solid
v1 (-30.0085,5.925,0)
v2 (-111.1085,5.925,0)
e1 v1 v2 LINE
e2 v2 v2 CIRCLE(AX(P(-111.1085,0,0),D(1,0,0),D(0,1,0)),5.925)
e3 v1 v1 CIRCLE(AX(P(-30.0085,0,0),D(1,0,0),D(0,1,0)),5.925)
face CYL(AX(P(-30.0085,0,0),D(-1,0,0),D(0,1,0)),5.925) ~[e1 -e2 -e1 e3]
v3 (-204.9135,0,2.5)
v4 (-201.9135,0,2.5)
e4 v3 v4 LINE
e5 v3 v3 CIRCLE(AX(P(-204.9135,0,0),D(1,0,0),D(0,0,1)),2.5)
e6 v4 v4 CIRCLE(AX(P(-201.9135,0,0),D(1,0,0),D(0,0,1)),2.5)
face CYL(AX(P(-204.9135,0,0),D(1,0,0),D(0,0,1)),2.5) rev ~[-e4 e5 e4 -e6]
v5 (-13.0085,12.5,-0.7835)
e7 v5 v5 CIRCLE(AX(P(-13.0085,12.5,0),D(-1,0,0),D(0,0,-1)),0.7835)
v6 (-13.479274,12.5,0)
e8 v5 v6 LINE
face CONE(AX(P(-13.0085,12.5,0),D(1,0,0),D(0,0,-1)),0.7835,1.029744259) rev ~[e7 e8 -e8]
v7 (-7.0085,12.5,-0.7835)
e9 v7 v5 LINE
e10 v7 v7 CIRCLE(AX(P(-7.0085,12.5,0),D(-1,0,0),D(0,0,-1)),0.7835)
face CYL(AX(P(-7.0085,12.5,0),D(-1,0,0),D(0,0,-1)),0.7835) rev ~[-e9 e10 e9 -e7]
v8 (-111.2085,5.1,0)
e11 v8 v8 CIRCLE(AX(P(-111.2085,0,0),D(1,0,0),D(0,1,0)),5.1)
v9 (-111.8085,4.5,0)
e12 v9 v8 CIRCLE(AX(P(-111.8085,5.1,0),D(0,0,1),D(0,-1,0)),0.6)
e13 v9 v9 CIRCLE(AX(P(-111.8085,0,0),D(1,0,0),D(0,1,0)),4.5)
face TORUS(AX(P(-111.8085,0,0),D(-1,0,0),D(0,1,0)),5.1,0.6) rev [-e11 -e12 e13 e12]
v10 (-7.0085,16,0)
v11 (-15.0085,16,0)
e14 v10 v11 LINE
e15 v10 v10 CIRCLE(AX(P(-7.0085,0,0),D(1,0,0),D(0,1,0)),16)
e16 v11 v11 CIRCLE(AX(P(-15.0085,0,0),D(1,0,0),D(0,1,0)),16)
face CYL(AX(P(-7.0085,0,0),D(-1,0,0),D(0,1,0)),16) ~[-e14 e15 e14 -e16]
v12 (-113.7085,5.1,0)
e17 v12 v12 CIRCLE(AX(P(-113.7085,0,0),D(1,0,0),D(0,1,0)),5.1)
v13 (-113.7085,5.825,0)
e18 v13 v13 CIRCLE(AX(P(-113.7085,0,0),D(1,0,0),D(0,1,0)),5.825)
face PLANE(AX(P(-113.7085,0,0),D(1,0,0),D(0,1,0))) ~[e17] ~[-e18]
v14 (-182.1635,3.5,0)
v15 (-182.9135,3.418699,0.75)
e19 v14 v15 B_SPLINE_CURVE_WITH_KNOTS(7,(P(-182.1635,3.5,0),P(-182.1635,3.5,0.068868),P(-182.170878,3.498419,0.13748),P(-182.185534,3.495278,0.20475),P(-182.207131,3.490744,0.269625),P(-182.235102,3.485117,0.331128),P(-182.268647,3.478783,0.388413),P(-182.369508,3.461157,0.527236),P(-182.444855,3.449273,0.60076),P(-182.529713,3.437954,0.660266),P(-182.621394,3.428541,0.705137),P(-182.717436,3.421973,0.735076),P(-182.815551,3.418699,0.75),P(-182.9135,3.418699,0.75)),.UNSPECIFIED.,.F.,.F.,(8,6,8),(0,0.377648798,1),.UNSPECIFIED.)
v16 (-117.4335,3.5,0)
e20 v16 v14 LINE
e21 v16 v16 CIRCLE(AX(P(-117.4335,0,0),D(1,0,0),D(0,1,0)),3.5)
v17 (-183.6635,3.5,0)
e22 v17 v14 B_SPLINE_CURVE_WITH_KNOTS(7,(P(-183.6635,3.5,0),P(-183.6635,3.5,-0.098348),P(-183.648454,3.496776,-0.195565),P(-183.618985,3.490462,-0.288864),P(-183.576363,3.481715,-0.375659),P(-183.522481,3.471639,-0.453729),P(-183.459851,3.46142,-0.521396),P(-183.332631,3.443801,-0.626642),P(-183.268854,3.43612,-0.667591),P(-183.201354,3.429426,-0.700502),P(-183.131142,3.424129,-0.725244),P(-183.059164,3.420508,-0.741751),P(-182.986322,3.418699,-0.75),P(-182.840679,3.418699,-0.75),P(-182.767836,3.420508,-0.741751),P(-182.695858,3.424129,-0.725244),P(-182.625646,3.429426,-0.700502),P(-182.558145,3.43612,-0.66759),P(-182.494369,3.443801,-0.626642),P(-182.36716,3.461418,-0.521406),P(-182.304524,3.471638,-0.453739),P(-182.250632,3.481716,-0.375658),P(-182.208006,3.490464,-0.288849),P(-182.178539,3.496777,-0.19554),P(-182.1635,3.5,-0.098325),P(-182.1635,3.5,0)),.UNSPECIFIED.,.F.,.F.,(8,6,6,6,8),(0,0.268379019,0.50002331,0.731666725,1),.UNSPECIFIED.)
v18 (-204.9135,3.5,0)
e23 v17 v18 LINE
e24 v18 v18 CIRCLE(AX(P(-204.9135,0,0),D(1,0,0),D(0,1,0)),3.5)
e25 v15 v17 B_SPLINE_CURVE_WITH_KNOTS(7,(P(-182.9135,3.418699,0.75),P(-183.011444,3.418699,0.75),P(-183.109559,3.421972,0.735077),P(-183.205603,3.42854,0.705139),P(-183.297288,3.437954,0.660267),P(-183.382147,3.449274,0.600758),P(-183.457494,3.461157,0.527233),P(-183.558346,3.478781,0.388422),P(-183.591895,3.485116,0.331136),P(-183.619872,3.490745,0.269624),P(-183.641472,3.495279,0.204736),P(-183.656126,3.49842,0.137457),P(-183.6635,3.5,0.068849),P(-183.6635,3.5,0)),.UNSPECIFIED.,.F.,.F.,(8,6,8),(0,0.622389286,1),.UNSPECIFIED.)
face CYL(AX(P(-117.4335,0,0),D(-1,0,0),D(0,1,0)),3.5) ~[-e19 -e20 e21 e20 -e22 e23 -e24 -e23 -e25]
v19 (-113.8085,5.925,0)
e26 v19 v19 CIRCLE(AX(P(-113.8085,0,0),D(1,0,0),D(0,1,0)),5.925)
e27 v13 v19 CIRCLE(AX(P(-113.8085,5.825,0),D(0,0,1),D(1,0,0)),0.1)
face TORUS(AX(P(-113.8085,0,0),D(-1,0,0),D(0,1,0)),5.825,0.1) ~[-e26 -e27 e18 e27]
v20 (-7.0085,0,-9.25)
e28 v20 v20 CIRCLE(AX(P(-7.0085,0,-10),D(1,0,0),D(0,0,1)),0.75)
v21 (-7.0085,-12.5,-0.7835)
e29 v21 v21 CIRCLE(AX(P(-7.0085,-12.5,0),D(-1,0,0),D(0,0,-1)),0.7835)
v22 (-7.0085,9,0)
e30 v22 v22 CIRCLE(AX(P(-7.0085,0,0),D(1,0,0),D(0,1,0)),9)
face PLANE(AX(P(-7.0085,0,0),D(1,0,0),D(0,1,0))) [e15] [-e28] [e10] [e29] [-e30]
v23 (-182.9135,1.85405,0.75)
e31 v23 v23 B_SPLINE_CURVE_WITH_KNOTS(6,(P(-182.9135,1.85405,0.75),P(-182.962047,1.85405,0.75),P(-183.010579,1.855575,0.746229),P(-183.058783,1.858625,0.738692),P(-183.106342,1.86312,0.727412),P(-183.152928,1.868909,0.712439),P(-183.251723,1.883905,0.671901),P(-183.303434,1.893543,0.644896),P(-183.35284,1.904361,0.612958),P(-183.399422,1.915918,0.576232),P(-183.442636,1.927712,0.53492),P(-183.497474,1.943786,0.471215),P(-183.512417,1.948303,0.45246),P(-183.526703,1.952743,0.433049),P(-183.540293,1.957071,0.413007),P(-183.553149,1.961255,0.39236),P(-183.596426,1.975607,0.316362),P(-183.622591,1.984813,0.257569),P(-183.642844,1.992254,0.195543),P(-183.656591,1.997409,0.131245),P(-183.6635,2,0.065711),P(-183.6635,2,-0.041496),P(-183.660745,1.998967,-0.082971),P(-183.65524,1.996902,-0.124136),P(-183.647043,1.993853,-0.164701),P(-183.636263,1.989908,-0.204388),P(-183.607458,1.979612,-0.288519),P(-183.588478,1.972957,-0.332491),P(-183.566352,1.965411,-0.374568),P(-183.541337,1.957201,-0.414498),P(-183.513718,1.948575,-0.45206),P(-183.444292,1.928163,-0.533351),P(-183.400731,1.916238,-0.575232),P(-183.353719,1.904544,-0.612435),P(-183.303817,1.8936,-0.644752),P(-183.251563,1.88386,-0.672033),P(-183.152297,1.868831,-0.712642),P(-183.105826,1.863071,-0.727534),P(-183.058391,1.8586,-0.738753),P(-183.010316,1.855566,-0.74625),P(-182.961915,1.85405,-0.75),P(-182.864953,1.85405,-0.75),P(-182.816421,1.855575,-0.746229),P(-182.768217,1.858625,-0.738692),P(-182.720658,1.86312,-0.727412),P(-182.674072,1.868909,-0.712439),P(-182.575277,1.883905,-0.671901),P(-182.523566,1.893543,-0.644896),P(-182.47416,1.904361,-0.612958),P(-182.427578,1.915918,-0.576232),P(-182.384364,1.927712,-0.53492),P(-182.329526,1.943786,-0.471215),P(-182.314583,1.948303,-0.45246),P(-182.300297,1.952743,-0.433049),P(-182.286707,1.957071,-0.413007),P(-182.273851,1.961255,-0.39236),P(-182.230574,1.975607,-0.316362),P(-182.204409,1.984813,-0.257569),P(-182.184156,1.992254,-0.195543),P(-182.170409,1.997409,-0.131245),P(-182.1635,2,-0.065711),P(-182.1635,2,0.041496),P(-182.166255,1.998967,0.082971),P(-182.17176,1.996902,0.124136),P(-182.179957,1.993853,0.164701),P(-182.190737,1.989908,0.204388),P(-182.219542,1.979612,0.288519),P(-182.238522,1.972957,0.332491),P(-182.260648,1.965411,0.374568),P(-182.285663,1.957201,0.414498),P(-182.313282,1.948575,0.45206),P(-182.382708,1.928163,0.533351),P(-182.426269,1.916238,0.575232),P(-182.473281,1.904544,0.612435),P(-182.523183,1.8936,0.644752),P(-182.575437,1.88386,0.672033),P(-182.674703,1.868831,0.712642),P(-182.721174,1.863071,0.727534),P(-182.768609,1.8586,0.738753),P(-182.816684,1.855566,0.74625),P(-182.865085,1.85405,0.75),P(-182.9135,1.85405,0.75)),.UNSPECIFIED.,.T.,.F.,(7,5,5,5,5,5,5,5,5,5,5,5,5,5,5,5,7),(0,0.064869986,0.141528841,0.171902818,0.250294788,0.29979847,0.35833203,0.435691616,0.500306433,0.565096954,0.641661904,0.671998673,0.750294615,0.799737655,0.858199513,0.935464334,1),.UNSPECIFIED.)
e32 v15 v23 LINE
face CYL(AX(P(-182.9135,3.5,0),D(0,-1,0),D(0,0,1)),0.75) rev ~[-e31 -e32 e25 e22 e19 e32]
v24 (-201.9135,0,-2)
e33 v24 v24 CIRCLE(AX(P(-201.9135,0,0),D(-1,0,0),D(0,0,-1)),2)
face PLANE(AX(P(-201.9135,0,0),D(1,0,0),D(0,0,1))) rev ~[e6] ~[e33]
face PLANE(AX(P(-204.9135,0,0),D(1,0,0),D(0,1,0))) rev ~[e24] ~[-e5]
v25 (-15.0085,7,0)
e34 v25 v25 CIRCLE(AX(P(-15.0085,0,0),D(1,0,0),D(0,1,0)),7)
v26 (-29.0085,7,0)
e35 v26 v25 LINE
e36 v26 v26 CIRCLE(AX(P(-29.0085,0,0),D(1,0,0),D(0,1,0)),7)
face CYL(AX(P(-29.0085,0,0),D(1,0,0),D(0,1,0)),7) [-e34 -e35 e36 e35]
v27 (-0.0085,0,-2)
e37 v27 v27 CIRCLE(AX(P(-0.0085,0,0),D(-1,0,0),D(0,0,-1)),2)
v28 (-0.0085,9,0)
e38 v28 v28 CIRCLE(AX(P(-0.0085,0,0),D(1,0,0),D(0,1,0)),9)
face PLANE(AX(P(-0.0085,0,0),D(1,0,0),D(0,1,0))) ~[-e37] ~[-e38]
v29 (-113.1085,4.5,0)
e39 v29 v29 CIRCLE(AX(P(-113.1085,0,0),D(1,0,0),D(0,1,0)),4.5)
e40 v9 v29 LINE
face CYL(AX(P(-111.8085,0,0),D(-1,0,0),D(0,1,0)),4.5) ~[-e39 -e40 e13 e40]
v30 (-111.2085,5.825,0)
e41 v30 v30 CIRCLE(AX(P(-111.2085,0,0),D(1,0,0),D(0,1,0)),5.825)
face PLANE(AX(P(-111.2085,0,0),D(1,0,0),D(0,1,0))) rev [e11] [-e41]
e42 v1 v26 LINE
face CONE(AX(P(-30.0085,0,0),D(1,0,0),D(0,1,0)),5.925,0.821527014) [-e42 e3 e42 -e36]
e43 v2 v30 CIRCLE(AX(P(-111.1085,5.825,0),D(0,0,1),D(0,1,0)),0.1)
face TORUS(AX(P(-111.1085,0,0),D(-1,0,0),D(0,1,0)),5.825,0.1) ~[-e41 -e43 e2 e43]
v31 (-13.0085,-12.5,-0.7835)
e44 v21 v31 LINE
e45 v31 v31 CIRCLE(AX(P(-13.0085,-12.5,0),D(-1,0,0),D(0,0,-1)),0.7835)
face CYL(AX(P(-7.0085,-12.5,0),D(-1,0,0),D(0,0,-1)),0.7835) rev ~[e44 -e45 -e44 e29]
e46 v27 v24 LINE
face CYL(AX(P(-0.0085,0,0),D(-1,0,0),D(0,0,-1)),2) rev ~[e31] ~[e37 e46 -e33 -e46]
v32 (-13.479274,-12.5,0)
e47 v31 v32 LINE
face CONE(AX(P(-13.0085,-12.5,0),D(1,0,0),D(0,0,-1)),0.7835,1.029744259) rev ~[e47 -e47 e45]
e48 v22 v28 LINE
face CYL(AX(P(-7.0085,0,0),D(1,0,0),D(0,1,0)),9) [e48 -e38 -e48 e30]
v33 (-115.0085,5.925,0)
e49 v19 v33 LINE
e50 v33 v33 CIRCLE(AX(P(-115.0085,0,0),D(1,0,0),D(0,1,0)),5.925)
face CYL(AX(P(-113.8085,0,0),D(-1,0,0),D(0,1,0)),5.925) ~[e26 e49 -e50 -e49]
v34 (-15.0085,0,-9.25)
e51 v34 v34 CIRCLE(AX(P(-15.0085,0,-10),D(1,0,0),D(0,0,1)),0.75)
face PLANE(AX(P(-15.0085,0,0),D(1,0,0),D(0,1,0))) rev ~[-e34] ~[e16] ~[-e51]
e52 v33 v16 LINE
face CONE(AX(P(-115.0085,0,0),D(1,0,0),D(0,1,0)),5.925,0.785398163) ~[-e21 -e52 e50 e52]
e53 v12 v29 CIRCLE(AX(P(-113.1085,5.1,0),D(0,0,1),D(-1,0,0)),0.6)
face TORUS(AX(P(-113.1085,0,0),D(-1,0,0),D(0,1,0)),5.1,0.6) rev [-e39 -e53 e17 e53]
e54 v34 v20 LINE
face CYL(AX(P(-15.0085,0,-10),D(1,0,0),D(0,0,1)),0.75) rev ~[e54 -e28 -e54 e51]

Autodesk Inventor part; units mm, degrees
ref_plane "YZ Plane" through (0, 0, 0) normal (1, 0, 0) x (0, 1, 0)
ref_plane "XZ Plane" through (0, 0, 0) normal (0, 1, 0) x (-1, 0, 0)
ref_plane "XY Plane" through (0, 0, 0) normal (0, 0, 1) x (1, 0, 0)
sketch "Skizze1" plane through (0, 0, 0) normal (0, 0, 1) x (1, 0, 0)
  line L0 (-0.0085, 0) -> (-0.0085, 9)
  line L1 (-7.0085, 16) -> (-15.0085, 16)
  line L2 (-15.0085, 16) -> (-15.0085, 7)
  line L3 (-30.0085, 5.925) -> (-111.1085, 5.925)
  line L4 (-113.8085, 5.925) -> (-115.0085, 5.925)
  line L5 (-115.0085, 5.925) -> (-117.4335, 3.5)
  line L6 (-117.4335, 3.5) -> (-204.9135, 3.5)
  line L7 (-204.9135, 3.5) -> (-204.9135, 0)
  line L8 (-222.883, 3.2454) -> (-222.883, 3.2454)
  line L9 (-222.883, 3.2454) -> (-222.883, 3.2454)
  line L10 (-204.9135, 0) -> (-0.0085, 0)
  line L11 (-111.8085, 4.5) -> (-113.1085, 4.5)
  line L12 (-30.0085, 5.925) -> (-29.0085, 7)
  line L13 (-29.0085, 7) -> (-15.0085, 7)
  line L14 (-113.7085, 5.1) -> (-113.7085, 5.825)
  line L15 (-111.2085, 5.1) -> (-111.2085, 5.825)
  arc A0 (-113.7085, 5.1) -> (-113.1085, 4.5) centre (-113.1085, 5.1) ccw
  arc A1 (-111.8085, 4.5) -> (-111.2085, 5.1) centre (-111.8085, 5.1) ccw
  arc A2 (-111.1085, 5.925) -> (-111.2085, 5.825) centre (-111.1085, 5.825) ccw
  arc A3 (-113.7085, 5.825) -> (-113.8085, 5.925) centre (-113.8085, 5.825) ccw
  line L16 (-7.0085, 16) -> (-7.0085, 9)
  line L17 (-7.0085, 9) -> (-0.0085, 9)
  point P0 (-111.2085, 5.925)
  point P1 (-113.7085, 5.925)
  point P2 (-111.2085, 4.5)
  point P3 (-113.7085, 4.5)
  dimension "d19" = 14
  dimension "d20" = 15
  dimension "d21" = 7
  dimension "d22" = 5.925
  dimension "d23" = 4.5
  dimension "d24" = 3.5
  dimension "d26" = 47.07
  dimension "d27" = 45
  dimension "d33" = 2.5
  dimension "d34" = 1.3
  dimension "d35" = 87.48
  dimension "d44" = 0.6
  dimension "d45" = 0.1
  dimension "d127" = 16
  dimension "d128" = 8
  dimension "d129" = 7
  dimension "d130" = 9
  dimension "d152" = 189.905
  dimension "d153" = 174.905
  dimension "d154" = 111.2
  dimension "d156" = 81.2
  dimension "d157" = 2.425
revolve "Drehung2" add sketch "Skizze1" angle 360 about axis through (-204.9135, 0, 0) along (1, 0, 0)
ref_plane "Arbeitsebene1" through (-161.1735, 3.5, 0) normal (0, 1, 0) x (-1, 0, 0)
sketch "Skizze3" plane through (-161.1735, 3.5, 0) normal (0, 1, 0) x (-1, 0, 0)
  line L0 (-43.74, 3.5) -> (-43.74, -3.5) projected
  line L1 (43.74, 3.5) -> (43.74, -3.5) projected
  line L2 (43.74, 3.5) -> (-43.74, 3.5) projected
  line L3 (43.74, -3.5) -> (-43.74, -3.5) projected
  line L4 (-222.6365, 0) -> (64.2305, 0) projected
  point P0 (21.74, 0)
  dimension "d158" = 65.48
  dimension "d166" = 22
hole "Bohrung1" at (-182.9135, 3.5, 0) direction (0, -1, 0) diameter 1.5 depth 3.5
hole "Bohrung2" at (-0.0085, 0, 0) direction (-1, 0, 0) diameter 4 depth 223
sketch "Skizze4" plane through (-15.0085, 0, 0) normal (-1, 0, 0) x (0, 0, 1)
  circle A0 centre (0, 0) radius 16 projected
  circle A1 centre (0, 0) radius 16 projected
  circle A2 centre (0, 0) radius 7 projected
  circle A3 centre (0, 0) radius 7 projected
  line L0 (0, -19.2) -> (0, 25.6) projected
  circle A4 centre (0, 0) radius 9 projected
  point P0 (-10, 0)
  point P1 (0, 11.7051)
  dimension "d132" = 90
  dimension "d148" = 10
hole "Bohrung3" at (-15.0085, 0, -10) direction (1, 0, 0) diameter 1.5 depth 8
sketch "Skizze17" plane through (-7.0085, 0, 0) normal (1, 0, 0) x (0, 0, -1)
  circle A0 centre (0, 0) radius 16 projected
  line L0 (0, -19.2) -> (0, 25.6) projected
  circle A1 centre (0, 0) radius 9 projected
  point P0 (0, 12.5)
  point P1 (0, -12.5)
  point P2 (0, 9)
  point P3 (0, 16)
  point P4 (0, -16)
  point P5 (0, -9)
  dimension "d135" = 7
  dimension "d136" = 3.5
  dimension "d137" = 3.5
  dimension "d145" = 12.5
hole "Bohrung10" at (-7.0085, -12.5, 0) at (-7.0085, 12.5, 0) direction (-1, 0, 0) diameter 1.567 depth 6 tip angle 118 thread size "M2x0.4" class "6H" standard "ANSI Metrisches M Profil"
sketch "Skizze19" plane through (-204.9135, 0, 0) normal (-1, 0, 0) x (0, 0, 1)
  circle A0 centre (0, 0) radius 2 projected
hole "Bohrung11" at (-204.9135, 0, 0) direction (1, 0, 0) diameter 5 depth 3
equation "\"d136\" = 0.5 * d135"
equation "\"d137\" = d136"
properties part number "Halter02"
